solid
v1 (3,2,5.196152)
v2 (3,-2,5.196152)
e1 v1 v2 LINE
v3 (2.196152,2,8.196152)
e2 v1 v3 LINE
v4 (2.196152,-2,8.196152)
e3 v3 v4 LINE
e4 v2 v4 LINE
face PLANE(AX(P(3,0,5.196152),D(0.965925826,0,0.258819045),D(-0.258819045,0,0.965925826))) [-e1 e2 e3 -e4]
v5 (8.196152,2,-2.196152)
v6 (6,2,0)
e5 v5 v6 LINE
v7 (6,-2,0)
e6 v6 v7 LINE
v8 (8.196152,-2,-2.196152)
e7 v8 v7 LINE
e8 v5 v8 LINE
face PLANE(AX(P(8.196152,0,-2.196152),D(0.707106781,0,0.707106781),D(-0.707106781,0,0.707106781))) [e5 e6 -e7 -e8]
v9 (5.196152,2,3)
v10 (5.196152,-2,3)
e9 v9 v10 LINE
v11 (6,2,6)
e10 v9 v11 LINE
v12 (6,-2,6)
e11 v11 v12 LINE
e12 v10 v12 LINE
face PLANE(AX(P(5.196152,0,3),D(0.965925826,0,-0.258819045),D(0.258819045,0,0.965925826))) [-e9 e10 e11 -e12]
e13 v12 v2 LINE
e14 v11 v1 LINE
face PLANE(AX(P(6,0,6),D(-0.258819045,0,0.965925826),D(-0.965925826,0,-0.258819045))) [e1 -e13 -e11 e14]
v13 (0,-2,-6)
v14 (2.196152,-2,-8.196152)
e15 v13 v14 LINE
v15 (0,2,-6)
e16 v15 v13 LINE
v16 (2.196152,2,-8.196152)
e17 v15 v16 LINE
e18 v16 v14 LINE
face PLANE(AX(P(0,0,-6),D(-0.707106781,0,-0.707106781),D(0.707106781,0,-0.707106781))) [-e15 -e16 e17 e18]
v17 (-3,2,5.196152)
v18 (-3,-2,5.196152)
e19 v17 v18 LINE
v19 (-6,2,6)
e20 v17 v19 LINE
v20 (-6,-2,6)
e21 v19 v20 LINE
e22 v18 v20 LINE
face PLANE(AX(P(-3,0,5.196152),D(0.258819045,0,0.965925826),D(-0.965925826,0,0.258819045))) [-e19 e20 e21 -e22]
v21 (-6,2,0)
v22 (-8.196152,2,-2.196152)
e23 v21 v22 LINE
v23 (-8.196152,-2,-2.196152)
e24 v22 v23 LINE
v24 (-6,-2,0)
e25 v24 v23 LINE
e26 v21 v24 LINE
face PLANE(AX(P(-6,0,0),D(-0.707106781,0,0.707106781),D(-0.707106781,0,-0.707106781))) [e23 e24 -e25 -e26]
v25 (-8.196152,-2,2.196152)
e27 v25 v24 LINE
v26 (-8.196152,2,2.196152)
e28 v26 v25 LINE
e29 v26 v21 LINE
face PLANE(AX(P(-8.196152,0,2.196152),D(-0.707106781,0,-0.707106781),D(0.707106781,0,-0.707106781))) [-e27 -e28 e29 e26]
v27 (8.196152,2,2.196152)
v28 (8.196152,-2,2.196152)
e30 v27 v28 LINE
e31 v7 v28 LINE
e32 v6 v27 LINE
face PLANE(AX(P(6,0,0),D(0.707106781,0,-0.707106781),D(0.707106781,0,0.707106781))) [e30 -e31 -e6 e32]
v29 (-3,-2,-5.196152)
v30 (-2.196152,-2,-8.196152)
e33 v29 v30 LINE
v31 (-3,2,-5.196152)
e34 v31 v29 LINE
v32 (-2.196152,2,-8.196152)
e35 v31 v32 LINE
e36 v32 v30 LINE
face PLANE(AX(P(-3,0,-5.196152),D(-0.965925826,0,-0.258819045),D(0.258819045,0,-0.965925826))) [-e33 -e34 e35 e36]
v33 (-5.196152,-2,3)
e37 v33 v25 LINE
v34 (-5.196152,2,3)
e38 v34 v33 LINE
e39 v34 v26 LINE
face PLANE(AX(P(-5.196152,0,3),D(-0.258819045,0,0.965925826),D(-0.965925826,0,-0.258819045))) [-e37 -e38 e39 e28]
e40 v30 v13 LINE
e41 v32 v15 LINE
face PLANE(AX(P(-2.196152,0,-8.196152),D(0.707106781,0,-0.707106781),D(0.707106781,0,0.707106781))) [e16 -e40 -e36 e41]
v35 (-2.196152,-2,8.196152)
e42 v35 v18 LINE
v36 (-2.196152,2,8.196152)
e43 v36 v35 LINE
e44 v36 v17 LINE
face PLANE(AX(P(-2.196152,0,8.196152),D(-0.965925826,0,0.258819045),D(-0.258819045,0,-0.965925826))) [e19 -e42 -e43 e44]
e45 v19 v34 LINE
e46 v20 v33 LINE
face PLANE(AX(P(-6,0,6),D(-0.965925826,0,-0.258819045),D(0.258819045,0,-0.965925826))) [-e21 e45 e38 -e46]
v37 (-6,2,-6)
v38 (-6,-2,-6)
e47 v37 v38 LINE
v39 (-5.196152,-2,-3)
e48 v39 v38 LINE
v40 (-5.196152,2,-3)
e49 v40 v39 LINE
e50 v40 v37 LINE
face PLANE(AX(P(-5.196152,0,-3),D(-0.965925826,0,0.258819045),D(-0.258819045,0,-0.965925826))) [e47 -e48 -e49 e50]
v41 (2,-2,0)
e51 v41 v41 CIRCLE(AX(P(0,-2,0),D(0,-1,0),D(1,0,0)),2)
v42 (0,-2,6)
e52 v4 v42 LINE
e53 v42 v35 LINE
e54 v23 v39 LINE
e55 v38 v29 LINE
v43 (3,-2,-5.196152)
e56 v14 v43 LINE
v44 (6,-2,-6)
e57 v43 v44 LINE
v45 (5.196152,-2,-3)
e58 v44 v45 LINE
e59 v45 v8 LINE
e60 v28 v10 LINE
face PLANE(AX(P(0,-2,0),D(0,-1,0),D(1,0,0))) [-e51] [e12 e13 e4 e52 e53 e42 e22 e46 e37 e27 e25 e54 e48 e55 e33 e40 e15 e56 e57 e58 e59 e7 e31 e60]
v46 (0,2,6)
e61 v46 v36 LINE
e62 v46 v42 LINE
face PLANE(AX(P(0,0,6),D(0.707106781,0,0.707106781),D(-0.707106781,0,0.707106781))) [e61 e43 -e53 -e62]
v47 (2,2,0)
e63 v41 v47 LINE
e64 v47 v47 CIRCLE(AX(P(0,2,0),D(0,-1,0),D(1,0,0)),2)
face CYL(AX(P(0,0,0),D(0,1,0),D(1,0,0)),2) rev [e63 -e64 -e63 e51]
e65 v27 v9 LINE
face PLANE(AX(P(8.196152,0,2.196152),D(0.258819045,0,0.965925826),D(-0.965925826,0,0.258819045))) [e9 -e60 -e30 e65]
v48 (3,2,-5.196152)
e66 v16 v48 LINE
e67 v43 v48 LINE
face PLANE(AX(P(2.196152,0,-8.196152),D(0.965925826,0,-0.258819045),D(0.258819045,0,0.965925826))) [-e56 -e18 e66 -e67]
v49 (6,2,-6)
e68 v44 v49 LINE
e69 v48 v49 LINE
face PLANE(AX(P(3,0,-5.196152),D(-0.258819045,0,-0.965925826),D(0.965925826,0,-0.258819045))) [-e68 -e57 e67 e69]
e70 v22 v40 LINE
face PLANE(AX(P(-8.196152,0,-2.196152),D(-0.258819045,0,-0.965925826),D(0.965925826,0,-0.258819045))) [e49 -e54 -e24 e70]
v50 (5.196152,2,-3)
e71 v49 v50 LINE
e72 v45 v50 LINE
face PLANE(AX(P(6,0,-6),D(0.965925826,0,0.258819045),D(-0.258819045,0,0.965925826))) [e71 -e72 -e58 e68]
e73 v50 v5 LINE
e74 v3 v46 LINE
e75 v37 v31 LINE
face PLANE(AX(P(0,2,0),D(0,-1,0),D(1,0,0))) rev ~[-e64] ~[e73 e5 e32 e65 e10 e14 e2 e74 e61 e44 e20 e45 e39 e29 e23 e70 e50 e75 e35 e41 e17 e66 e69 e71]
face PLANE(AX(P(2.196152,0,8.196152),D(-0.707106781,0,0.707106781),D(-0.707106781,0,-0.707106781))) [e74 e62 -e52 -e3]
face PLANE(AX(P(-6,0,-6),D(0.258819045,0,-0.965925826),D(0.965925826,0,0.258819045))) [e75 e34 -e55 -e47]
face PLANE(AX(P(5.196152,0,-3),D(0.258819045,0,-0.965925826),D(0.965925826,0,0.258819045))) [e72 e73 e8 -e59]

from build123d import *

# Parameters (mm, degrees)
F0_R     = 2
F1_DEPTH = 2


with BuildPart() as f1:
    # F0 (on Front) → F1 (new body, symmetric)
    with BuildSketch(Plane.XZ):
        with BuildLine():
            ThreePointArc((5.1961524227, -3), (5.7955549577, -1.5529142706), (6, 0))
            ThreePointArc((6, 0), (5.7955549577, 1.5529142706), (5.1961524227, 3))
            ThreePointArc((5.1961524227, 3), (4.2426406871, 4.2426406871), (3, 5.1961524227))
            ThreePointArc((3, 5.1961524227), (1.5529142706, 5.7955549577), (0, 6))
            ThreePointArc((0, 6), (-1.5529142706, 5.7955549577), (-3, 5.1961524227))
            ThreePointArc((-3, 5.1961524227), (-4.2426406871, 4.2426406871), (-5.1961524227, 3))
            ThreePointArc((-5.1961524227, 3), (-5.7955549577, 1.5529142706), (-6, 0))
            ThreePointArc((-6, 0), (-5.7955549577, -1.5529142706), (-5.1961524227, -3))
            ThreePointArc((-5.1961524227, -3), (-4.2426406871, -4.2426406871), (-3, -5.1961524227))
            ThreePointArc((-3, -5.1961524227), (-1.5529142706, -5.7955549577), (0, -6))
            ThreePointArc((0, -6), (1.5529142706, -5.7955549577), (3, -5.1961524227))
            ThreePointArc((3, -5.1961524227), (4.2426406871, -4.2426406871), (5.1961524227, -3))
        make_face()
        Circle(F0_R, mode=Mode.SUBTRACT)
        with BuildLine():
            Line((8.1961524227, -2.1961524227), (6, 0))
            ThreePointArc((6, 0), (5.7955549577, -1.5529142706), (5.1961524227, -3))
            Line((5.1961524227, -3), (8.1961524227, -2.1961524227))
        make_face()
        with BuildLine():
            ThreePointArc((5.1961524227, 3), (5.7955549577, 1.5529142706), (6, 0))
            Line((6, 0), (8.1961524227, 2.1961524227))
            Line((8.1961524227, 2.1961524227), (5.1961524227, 3))
        make_face()
        with BuildLine():
            ThreePointArc((3, 5.1961524227), (4.2426406871, 4.2426406871), (5.1961524227, 3))
            Line((5.1961524227, 3), (6, 6))
            Line((6, 6), (3, 5.1961524227))
        make_face()
        with BuildLine():
            Line((6, -6), (5.1961524227, -3))
            ThreePointArc((5.1961524227, -3), (4.2426406871, -4.2426406871), (3, -5.1961524227))
            Line((3, -5.1961524227), (6, -6))
        make_face()
        with BuildLine():
            ThreePointArc((0, 6), (1.5529142706, 5.7955549577), (3, 5.1961524227))
            Line((3, 5.1961524227), (2.1961524227, 8.1961524227))
            Line((2.1961524227, 8.1961524227), (0, 6))
        make_face()
        with BuildLine():
            Line((2.1961524227, -8.1961524227), (3, -5.1961524227))
            ThreePointArc((3, -5.1961524227), (1.5529142706, -5.7955549577), (0, -6))
            Line((0, -6), (2.1961524227, -8.1961524227))
        make_face()
        with BuildLine():
            ThreePointArc((-3, 5.1961524227), (-1.5529142706, 5.7955549577), (0, 6))
            Line((0, 6), (-2.1961524227, 8.1961524227))
            Line((-2.1961524227, 8.1961524227), (-3, 5.1961524227))
        make_face()
        with BuildLine():
            Line((-2.1961524227, -8.1961524227), (0, -6))
            ThreePointArc((0, -6), (-1.5529142706, -5.7955549577), (-3, -5.1961524227))
            Line((-3, -5.1961524227), (-2.1961524227, -8.1961524227))
        make_face()
        with BuildLine():
            ThreePointArc((-5.1961524227, 3), (-4.2426406871, 4.2426406871), (-3, 5.1961524227))
            Line((-3, 5.1961524227), (-6, 6))
            Line((-6, 6), (-5.1961524227, 3))
        make_face()
        with BuildLine():
            Line((-6, -6), (-3, -5.1961524227))
            ThreePointArc((-3, -5.1961524227), (-4.2426406871, -4.2426406871), (-5.1961524227, -3))
            Line((-5.1961524227, -3), (-6, -6))
        make_face()
        with BuildLine():
            ThreePointArc((-6, 0), (-5.7955549577, 1.5529142706), (-5.1961524227, 3))
            Line((-5.1961524227, 3), (-8.1961524227, 2.1961524227))
            Line((-8.1961524227, 2.1961524227), (-6, 0))
        make_face()
        with BuildLine():
            Line((-8.1961524227, -2.1961524227), (-5.1961524227, -3))
            ThreePointArc((-5.1961524227, -3), (-5.7955549577, -1.5529142706), (-6, 0))
            Line((-6, 0), (-8.1961524227, -2.1961524227))
        make_face()
    extrude(amount=F1_DEPTH, both=True)


solid = f1.part
